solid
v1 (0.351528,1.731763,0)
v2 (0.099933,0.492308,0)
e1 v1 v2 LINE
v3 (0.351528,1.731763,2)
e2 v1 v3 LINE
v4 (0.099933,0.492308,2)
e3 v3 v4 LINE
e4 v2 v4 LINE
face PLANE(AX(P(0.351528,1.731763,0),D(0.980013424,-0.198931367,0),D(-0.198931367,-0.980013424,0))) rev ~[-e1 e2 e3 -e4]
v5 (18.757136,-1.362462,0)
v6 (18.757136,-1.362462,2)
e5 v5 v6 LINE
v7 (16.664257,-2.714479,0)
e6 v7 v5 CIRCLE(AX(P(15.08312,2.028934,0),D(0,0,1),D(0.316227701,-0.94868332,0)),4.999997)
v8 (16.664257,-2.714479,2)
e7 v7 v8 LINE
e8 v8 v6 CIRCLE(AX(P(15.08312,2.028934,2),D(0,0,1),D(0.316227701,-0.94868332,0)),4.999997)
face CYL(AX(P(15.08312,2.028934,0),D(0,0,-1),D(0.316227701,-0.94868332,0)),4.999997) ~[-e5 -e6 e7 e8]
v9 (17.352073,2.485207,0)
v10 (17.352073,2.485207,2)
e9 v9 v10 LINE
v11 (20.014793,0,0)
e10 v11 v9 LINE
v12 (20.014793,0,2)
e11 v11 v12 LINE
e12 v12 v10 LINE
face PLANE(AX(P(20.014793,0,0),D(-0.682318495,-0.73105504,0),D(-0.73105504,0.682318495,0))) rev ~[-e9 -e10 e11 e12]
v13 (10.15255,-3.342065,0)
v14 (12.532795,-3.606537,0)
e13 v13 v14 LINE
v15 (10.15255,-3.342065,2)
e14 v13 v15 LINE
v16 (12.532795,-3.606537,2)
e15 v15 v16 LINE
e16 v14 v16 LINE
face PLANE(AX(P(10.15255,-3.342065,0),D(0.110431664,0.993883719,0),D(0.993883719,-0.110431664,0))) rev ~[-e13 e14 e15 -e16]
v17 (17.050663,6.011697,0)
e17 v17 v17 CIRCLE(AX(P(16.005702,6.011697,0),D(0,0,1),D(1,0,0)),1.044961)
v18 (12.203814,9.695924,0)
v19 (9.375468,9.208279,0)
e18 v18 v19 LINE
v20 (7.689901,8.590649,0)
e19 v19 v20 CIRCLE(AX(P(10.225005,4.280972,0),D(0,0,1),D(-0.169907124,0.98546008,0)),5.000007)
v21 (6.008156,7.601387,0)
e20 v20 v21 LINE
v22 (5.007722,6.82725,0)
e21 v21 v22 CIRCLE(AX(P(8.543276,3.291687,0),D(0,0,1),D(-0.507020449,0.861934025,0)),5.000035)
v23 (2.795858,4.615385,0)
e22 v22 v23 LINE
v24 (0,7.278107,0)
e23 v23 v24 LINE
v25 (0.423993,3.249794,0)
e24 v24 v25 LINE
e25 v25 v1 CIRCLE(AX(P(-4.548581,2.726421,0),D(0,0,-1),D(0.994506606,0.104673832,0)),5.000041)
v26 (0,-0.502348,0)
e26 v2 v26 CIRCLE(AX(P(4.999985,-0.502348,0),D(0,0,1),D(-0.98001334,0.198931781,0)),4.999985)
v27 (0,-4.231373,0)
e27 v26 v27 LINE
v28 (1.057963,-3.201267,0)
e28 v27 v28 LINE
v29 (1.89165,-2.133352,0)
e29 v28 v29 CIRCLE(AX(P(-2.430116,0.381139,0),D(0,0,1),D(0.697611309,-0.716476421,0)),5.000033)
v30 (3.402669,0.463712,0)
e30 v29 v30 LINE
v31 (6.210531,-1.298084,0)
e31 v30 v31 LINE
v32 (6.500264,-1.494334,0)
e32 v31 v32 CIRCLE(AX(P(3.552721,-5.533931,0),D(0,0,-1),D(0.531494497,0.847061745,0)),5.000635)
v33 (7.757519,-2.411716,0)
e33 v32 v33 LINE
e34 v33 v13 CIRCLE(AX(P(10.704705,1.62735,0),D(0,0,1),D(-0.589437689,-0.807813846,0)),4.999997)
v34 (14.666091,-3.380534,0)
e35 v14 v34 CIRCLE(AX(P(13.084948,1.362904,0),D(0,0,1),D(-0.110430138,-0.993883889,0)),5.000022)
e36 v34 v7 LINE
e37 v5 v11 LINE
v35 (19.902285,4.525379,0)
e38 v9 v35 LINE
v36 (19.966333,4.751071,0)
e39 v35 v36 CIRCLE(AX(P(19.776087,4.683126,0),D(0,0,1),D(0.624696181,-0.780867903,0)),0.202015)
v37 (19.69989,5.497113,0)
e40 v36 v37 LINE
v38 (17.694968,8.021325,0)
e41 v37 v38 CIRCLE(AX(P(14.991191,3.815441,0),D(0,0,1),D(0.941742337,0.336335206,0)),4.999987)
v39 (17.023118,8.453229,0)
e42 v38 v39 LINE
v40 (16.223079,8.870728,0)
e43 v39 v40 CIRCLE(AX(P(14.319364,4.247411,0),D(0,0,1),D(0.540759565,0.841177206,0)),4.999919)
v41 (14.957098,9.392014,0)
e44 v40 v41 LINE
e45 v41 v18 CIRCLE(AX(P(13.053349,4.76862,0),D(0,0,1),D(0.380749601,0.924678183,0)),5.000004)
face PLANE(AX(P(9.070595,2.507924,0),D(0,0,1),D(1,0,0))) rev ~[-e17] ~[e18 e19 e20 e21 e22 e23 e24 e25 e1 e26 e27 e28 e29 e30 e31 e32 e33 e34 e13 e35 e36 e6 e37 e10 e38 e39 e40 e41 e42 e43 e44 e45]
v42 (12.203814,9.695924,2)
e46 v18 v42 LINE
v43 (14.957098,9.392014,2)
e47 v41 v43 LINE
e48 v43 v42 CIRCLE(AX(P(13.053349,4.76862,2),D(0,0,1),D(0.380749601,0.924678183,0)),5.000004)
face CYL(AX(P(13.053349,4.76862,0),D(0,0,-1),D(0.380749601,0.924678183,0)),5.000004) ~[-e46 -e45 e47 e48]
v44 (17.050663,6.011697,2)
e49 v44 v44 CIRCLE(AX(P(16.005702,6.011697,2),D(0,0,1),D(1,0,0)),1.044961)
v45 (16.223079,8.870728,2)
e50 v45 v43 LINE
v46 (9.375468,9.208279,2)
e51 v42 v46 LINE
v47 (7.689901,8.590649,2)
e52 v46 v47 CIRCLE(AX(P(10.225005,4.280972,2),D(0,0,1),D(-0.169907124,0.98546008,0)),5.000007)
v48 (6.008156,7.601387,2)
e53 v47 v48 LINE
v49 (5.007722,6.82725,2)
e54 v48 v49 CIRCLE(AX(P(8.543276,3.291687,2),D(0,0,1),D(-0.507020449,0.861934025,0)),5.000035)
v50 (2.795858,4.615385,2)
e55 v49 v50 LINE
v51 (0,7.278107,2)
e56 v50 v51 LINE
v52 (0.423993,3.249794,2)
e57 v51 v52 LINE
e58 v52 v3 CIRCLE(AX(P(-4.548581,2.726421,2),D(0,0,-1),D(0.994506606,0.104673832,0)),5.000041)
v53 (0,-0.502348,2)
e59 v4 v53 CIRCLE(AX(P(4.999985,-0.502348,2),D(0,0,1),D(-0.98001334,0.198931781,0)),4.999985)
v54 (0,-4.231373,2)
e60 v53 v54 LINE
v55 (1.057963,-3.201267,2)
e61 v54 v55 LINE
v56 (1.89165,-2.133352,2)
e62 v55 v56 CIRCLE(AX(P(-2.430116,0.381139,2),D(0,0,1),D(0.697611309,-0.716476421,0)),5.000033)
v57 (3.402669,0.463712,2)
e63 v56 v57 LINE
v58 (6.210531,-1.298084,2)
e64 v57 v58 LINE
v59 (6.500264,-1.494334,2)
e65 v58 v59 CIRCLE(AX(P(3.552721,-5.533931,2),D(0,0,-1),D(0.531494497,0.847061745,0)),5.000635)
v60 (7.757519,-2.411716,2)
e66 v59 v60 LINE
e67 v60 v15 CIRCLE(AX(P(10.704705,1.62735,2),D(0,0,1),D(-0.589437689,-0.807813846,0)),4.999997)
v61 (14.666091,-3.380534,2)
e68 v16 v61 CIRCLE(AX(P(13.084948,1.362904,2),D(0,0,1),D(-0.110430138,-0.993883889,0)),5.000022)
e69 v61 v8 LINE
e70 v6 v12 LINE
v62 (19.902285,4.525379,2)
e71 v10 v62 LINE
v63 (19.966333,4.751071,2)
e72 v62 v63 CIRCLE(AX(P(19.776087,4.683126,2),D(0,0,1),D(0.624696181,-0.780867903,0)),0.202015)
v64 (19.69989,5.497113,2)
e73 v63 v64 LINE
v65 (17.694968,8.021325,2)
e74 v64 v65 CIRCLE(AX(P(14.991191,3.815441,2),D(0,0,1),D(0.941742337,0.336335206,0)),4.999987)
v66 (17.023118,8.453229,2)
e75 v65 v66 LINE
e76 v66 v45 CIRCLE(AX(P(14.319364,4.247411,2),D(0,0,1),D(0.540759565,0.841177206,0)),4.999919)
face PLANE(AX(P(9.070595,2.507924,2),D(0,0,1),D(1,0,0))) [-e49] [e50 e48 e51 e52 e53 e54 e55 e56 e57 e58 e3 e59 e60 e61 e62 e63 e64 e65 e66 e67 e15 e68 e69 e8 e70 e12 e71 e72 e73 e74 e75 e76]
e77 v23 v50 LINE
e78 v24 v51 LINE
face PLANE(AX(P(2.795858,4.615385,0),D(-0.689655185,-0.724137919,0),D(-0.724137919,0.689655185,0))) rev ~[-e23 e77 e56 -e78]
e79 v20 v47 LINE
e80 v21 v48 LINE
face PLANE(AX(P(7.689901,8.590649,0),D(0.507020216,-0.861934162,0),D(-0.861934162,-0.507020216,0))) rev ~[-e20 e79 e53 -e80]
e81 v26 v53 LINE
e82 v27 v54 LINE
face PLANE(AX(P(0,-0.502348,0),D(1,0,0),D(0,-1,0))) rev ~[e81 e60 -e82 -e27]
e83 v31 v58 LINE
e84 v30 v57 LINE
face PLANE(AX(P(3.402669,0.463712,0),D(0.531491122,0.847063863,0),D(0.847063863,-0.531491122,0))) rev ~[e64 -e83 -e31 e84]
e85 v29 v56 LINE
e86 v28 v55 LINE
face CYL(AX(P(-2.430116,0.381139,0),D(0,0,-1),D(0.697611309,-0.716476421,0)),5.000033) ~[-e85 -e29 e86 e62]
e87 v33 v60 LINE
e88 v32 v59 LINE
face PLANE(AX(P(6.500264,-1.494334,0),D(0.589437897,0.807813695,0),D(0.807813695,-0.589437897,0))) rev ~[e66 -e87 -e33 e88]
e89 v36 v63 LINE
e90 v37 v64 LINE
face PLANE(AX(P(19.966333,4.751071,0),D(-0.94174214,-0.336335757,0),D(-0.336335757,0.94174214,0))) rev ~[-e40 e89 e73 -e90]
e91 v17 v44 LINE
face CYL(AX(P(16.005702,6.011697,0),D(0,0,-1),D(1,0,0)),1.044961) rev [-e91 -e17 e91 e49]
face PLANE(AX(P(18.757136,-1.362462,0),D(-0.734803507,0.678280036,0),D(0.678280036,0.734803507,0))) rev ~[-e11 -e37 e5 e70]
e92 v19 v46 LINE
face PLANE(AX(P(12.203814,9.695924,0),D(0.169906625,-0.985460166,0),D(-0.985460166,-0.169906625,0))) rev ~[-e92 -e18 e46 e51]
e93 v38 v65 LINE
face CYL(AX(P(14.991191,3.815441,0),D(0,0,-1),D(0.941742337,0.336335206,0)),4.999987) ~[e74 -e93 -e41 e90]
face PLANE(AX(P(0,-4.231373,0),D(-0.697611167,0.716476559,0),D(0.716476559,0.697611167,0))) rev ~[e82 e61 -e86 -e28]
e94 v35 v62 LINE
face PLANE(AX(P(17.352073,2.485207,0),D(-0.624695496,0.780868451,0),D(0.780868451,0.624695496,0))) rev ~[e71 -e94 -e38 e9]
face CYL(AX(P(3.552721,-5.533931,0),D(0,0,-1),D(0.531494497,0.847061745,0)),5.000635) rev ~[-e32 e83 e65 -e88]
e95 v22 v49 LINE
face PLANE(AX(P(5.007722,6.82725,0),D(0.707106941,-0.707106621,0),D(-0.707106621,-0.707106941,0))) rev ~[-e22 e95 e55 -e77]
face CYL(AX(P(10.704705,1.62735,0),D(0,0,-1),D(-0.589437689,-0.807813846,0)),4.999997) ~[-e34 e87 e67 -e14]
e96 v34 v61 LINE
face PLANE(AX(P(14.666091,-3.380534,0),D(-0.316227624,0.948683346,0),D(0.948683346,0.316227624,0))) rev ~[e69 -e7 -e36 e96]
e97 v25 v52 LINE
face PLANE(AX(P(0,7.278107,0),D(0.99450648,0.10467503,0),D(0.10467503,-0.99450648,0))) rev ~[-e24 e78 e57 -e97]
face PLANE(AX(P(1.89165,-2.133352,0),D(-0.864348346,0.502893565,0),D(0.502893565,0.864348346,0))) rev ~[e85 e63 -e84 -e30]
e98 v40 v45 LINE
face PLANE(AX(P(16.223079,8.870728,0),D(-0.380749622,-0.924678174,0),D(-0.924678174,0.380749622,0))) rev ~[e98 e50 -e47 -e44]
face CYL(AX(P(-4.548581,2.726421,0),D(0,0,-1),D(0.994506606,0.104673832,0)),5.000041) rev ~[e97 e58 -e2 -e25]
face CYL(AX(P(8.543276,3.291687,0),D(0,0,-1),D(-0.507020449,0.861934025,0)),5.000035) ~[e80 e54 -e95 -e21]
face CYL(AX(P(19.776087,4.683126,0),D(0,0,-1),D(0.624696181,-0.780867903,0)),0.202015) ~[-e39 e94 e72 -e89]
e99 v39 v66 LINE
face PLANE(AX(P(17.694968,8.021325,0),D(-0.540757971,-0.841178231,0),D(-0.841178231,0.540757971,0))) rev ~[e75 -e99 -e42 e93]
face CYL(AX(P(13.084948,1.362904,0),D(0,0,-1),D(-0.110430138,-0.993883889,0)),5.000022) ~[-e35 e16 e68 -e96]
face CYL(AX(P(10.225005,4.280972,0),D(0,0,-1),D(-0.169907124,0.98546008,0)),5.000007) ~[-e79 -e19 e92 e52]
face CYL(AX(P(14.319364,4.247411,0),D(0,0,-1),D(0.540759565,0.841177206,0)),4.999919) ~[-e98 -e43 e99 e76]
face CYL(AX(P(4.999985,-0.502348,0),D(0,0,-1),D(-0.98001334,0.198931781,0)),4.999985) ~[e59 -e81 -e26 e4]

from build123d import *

# Parameters (mm, degrees)
F0_R     = 1.044961
F1_DEPTH = 2


with BuildPart() as f1:
    # F0 (on Top) → F1 (new body)
    with BuildSketch(Plane.XY):
        with BuildLine():
            Line((5.007722, 6.82725), (2.795858, 4.615385))
            Line((2.795858, 4.615385), (0, 7.278107))
            Line((0, 7.278107), (0.423993, 3.249794))
            ThreePointArc((0.423993, 3.249794), (0.445773, 2.488009), (0.351528, 1.731763))
            Line((0.351528, 1.731763), (0.099933, 0.492308))
            ThreePointArc((0.099933, 0.492308), (0.025046, -0.002516), (0, -0.502348))
            Line((0, -0.502348), (0, -4.231373))
            Line((0, -4.231373), (1.057963, -3.201267))
            ThreePointArc((1.057963, -3.201267), (1.511144, -2.695677), (1.89165, -2.133352))
            Line((1.89165, -2.133352), (3.402669, 0.463712))
            Line((3.402669, 0.463712), (6.210531, -1.298084))
            ThreePointArc((6.210531, -1.298084), (6.357115, -1.393674), (6.500264, -1.494334))
            Line((6.500264, -1.494334), (7.757519, -2.411716))
            ThreePointArc((7.757519, -2.411716), (8.894254, -3.033361), (10.15255, -3.342065))
            Line((10.15255, -3.342065), (12.532795, -3.606537))
            ThreePointArc((12.532795, -3.606537), (13.611706, -3.609293), (14.666091, -3.380534))
            Line((14.666091, -3.380534), (16.664257, -2.714479))
            ThreePointArc((16.664257, -2.714479), (17.796263, -2.170925), (18.757136, -1.362462))
            Line((18.757136, -1.362462), (20.014793, 0))
            Line((20.014793, 0), (17.352073, 2.485207))
            Line((17.352073, 2.485207), (19.902285, 4.525379))
            ThreePointArc((19.902285, 4.525379), (19.970428, 4.627975), (19.966333, 4.751071))
            Line((19.966333, 4.751071), (19.69989, 5.497113))
            ThreePointArc((19.69989, 5.497113), (18.906432, 6.925225), (17.694968, 8.021325))
            Line((17.694968, 8.021325), (17.023118, 8.453229))
            ThreePointArc((17.023118, 8.453229), (16.632537, 8.680065), (16.223079, 8.870728))
            Line((16.223079, 8.870728), (14.957098, 9.392014))
            ThreePointArc((14.957098, 9.392014), (13.601922, 9.738439), (12.203814, 9.695924))
            Line((12.203814, 9.695924), (9.375468, 9.208279))
            ThreePointArc((9.375468, 9.208279), (8.504739, 8.97573), (7.689901, 8.590649))
            Line((7.689901, 8.590649), (6.008156, 7.601387))
            ThreePointArc((6.008156, 7.601387), (5.483359, 7.246084), (5.007722, 6.82725))
        make_face()
        with Locations((16.005702, 6.011697)):
            Circle(F0_R, mode=Mode.SUBTRACT)
    extrude(amount=F1_DEPTH)


solid = f1.part
